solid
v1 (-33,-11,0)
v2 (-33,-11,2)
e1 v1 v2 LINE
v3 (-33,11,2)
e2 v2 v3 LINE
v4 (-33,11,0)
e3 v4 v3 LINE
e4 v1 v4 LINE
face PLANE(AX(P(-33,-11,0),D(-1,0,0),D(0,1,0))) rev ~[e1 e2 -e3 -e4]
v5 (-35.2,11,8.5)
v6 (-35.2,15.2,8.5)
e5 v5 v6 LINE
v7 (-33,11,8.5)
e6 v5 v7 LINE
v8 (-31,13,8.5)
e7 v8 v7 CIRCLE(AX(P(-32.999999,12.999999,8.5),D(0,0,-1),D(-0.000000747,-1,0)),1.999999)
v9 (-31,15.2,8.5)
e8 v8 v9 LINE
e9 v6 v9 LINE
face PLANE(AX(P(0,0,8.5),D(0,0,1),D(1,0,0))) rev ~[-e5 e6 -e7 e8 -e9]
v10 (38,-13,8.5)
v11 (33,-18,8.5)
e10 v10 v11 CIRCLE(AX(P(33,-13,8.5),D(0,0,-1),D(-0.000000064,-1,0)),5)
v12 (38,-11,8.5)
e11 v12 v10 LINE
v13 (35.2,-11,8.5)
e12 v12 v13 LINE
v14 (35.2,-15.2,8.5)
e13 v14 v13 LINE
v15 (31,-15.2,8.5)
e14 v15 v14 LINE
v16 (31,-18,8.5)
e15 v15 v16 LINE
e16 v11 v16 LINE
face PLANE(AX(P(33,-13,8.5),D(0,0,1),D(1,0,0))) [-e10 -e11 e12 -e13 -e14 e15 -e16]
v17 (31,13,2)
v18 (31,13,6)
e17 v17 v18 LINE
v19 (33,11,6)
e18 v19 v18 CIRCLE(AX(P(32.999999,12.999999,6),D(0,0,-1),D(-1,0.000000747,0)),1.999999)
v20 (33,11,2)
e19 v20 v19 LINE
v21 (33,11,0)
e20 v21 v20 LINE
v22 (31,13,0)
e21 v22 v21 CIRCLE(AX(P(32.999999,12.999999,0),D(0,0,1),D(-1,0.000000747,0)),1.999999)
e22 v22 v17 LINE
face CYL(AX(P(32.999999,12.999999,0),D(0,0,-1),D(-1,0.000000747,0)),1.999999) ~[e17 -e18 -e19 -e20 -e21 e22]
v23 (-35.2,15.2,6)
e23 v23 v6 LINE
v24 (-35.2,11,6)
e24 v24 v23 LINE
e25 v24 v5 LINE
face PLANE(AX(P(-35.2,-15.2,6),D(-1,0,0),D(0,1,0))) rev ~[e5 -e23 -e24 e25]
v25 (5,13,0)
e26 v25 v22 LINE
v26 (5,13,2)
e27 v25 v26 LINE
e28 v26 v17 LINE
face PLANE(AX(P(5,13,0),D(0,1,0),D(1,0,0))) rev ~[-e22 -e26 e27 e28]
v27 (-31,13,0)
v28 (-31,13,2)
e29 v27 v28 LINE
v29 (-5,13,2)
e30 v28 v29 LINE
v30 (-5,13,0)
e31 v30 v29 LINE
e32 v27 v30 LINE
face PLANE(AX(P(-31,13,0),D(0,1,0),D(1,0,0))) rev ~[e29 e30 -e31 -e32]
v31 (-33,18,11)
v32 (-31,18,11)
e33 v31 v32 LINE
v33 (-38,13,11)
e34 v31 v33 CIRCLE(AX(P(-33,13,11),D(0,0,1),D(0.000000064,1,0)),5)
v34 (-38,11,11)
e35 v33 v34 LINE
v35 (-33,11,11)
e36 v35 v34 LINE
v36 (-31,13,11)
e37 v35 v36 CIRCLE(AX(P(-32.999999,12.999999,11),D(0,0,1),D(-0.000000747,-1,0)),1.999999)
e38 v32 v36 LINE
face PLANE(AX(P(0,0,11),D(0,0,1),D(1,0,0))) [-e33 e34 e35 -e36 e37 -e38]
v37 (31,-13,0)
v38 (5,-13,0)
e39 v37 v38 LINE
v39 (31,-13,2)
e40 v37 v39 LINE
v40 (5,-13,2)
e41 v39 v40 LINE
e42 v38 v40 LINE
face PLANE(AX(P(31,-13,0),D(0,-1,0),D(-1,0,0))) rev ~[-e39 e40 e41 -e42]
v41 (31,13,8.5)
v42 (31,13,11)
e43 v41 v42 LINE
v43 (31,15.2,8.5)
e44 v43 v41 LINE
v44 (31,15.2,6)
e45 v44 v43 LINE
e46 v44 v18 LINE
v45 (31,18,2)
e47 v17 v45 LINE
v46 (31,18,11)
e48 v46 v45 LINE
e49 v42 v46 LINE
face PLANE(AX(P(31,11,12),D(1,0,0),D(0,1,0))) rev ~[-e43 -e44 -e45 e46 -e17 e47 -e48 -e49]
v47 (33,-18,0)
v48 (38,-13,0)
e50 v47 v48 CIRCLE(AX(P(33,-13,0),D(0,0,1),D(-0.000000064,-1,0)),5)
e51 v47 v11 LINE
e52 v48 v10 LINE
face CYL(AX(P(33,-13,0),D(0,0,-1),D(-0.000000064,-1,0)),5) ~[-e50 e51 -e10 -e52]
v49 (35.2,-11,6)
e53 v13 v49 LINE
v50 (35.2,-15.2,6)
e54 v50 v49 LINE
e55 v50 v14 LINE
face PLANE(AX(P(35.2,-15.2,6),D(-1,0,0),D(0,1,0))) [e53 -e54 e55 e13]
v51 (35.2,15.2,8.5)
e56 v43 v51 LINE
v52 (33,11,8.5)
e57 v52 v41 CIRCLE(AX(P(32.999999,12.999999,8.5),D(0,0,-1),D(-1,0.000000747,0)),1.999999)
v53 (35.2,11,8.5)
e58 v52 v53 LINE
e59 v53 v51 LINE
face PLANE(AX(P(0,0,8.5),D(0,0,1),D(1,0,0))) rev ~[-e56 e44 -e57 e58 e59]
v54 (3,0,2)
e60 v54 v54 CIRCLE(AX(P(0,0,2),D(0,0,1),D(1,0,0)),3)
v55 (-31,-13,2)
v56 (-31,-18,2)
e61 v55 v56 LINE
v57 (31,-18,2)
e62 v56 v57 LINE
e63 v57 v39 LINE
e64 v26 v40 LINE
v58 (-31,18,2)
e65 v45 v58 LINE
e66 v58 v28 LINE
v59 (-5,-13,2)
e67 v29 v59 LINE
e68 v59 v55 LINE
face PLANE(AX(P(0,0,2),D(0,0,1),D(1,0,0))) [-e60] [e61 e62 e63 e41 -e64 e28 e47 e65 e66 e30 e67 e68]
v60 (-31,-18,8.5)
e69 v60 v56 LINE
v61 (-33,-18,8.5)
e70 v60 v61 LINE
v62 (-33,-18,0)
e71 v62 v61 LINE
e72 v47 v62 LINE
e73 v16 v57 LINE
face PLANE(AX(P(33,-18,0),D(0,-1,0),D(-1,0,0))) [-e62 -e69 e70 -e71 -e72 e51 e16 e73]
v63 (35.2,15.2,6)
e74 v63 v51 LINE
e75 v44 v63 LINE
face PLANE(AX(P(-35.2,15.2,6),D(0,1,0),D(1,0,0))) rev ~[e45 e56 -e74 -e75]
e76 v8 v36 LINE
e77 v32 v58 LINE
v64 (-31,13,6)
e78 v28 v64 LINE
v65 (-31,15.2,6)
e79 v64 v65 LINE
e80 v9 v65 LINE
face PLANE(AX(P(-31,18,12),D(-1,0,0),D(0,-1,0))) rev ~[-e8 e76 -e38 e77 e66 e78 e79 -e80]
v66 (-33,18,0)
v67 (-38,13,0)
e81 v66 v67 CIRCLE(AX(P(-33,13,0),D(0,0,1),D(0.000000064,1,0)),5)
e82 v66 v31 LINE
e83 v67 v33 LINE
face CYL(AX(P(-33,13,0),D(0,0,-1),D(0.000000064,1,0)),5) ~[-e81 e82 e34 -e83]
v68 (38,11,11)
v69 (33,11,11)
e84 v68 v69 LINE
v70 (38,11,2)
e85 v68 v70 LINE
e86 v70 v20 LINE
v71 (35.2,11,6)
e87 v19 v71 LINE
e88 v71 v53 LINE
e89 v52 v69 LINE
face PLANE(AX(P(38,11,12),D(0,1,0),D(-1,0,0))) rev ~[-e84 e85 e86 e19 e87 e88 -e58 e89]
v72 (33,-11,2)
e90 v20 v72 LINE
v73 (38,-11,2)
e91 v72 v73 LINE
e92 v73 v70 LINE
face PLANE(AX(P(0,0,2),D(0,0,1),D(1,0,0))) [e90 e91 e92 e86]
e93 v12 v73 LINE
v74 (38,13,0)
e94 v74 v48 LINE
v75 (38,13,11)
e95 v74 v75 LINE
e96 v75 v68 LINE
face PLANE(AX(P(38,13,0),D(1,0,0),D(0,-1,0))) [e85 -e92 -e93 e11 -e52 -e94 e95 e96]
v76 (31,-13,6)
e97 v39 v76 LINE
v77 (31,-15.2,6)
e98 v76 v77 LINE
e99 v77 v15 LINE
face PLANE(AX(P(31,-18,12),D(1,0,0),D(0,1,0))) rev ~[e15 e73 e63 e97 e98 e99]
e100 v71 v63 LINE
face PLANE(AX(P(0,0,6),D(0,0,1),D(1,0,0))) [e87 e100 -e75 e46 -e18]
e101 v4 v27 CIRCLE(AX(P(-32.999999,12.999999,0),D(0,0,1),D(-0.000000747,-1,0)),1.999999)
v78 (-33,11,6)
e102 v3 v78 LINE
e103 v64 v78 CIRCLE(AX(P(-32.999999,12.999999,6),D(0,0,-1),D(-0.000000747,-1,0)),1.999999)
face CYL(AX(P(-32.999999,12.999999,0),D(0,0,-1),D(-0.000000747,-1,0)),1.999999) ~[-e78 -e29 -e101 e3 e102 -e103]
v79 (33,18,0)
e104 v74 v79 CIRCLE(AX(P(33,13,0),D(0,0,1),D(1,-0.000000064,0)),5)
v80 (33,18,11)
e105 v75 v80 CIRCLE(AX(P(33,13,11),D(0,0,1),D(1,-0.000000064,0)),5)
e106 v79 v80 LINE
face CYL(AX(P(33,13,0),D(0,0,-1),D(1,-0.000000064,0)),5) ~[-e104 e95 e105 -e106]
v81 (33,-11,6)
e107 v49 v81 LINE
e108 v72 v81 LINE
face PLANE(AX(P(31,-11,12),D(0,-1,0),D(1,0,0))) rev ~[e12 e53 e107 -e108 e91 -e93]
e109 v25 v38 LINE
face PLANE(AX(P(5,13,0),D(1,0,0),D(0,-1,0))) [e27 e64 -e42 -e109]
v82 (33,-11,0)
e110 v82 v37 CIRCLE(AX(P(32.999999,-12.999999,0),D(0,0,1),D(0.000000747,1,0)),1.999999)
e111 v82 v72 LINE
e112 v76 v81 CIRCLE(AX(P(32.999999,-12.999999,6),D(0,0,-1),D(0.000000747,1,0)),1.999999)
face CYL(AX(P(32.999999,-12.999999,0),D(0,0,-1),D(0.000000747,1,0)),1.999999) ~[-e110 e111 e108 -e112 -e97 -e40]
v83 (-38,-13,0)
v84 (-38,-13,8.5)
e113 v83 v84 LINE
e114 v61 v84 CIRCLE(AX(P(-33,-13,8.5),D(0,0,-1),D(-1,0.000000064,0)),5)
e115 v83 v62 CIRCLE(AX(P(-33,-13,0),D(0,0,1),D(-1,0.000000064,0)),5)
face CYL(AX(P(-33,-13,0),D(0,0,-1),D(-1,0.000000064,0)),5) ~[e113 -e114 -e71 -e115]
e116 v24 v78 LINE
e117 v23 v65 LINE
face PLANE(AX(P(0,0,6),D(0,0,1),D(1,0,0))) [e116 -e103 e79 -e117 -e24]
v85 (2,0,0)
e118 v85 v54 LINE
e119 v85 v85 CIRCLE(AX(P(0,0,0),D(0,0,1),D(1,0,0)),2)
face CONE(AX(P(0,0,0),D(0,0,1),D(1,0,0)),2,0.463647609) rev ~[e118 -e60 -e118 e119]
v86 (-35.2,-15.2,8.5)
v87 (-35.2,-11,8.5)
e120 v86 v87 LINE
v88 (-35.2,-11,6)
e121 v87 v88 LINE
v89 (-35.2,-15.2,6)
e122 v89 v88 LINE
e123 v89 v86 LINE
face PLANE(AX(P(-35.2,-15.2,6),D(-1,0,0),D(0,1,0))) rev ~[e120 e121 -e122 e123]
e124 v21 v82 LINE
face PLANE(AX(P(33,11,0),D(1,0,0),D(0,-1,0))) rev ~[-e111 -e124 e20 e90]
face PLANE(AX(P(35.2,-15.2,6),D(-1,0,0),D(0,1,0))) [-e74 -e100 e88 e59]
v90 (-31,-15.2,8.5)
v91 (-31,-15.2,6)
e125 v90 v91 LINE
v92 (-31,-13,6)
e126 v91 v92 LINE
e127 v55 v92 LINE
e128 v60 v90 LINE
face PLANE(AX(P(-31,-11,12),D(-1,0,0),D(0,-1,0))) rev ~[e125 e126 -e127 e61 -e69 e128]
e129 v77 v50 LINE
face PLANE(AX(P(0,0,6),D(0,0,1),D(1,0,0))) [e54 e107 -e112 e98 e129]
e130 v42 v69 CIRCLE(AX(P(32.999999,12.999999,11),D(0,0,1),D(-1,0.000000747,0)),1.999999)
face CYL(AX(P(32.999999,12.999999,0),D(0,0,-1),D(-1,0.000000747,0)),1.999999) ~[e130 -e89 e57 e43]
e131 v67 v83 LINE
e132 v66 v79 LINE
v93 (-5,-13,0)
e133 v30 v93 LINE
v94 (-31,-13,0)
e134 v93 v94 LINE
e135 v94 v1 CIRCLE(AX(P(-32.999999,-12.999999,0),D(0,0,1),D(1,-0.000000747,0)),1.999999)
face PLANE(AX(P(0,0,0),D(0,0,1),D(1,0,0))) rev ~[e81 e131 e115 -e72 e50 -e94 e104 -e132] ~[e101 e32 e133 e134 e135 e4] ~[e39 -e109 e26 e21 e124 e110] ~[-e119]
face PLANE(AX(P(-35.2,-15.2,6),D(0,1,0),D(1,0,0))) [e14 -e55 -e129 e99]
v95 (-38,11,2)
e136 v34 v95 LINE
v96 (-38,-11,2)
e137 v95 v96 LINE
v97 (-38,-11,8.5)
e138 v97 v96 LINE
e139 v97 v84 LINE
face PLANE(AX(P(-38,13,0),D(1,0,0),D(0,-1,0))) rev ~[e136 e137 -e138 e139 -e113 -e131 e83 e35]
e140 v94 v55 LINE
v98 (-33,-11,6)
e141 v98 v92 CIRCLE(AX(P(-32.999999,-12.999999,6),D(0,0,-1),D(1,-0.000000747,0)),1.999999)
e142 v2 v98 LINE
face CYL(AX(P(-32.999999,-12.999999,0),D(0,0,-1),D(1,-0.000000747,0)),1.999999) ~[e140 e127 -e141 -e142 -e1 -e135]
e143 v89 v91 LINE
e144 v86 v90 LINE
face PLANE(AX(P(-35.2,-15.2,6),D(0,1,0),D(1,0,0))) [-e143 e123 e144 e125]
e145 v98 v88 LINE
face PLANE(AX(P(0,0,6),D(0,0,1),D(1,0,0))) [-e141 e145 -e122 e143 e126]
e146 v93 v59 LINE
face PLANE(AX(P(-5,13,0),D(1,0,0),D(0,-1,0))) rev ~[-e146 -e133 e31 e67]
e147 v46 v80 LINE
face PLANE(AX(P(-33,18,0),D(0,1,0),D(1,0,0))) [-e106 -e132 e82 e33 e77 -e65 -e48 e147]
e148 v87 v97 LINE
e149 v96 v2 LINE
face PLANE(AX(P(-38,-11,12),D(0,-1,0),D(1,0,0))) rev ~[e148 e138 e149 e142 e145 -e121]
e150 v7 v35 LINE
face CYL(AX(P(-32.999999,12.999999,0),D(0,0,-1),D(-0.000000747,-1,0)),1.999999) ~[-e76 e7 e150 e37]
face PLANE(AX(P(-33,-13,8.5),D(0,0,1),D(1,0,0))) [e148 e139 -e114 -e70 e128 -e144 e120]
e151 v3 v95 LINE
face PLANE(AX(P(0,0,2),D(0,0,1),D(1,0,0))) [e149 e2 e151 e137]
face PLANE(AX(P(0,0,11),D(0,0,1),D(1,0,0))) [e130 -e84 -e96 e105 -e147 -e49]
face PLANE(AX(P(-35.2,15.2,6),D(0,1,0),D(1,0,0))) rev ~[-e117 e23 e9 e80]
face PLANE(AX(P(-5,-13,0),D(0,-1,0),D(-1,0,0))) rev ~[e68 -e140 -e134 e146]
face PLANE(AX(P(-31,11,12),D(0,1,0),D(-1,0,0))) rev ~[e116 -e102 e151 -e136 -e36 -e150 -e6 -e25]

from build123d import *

# Parameters (mm, degrees)
PAD084_DEPTH    = 11
POCKET032_DEPTH = 10
SKETCH143_W     = 70.4
SKETCH143_H     = 30.4
POCKET033_DEPTH = 2.5
SKETCH144_R     = 5.5
POCKET034_DEPTH = 2.5


with BuildPart() as part:
    # Sketch141 → Pad084 (new body)
    with BuildSketch(Plane.XY):
        with BuildLine():
            ThreePointArc((-33, 18), (-36.535534, 16.535534), (-38, 13))
            Line((-38, 13), (-38, -13))
            ThreePointArc((-38, -13), (-36.535534, -16.535534), (-33, -18))
            Line((33, -18), (-33, -18))
            ThreePointArc((33, -18), (36.535534, -16.535534), (38, -13))
            Line((38, 13), (38, -13))
            ThreePointArc((38, 13), (36.535534, 16.535534), (33, 18))
            Line((-33, 18), (33, 18))
        make_face()
        with BuildLine():
            ThreePointArc((-33, 11), (-31.585786, 11.585786), (-31, 13))
            Line((-31, 13), (-5, 13))
            Line((-5, 13), (-5, -13))
            Line((-5, -13), (-31, -13))
            ThreePointArc((-31, -13), (-31.585786, -11.585786), (-33, -11))
            Line((-33, -11), (-33, 11))
        make_face(mode=Mode.SUBTRACT)
        with BuildLine():
            ThreePointArc((31, 13), (31.585786, 11.585786), (33, 11))
            Line((33, 11), (33, -11))
            ThreePointArc((33, -11), (31.585786, -11.585786), (31, -13))
            Line((31, -13), (5, -13))
            Line((5, 13), (5, -13))
            Line((5, 13), (31, 13))
        make_face(mode=Mode.SUBTRACT)
    extrude(amount=PAD084_DEPTH)

    # Sketch142 → Pocket032 (cut)
    with BuildSketch(Plane.XY.offset(12)):
        Polygon((-31, 18), (-31, 11), (-38, 11), (-38, -11), (-31, -11), (-31, -18), (31, -18), (31, -11), (38, -11), (38, 11), (31, 11), (31, 18), align=None)
    extrude(amount=-POCKET032_DEPTH, mode=Mode.SUBTRACT)

    # Sketch143 → Pocket033 (cut)
    with BuildSketch(Plane.XY.offset(6)):
        Rectangle(SKETCH143_W, SKETCH143_H)
    extrude(amount=POCKET033_DEPTH, mode=Mode.SUBTRACT)

    # Sketch144 → Pocket034 (cut)
    with BuildSketch(Plane.XY.offset(11)):
        with Locations((-33, -13)):
            Circle(SKETCH144_R)
        with Locations((33, -13)):
            Circle(SKETCH144_R)
    extrude(amount=-POCKET034_DEPTH, mode=Mode.SUBTRACT)

    # Cone008 → Cone008 (revolve, cut)
    with BuildSketch(Plane.XZ):
        Polygon((0, 0), (2, 0), (3, 2), (0, 2), align=None)
    revolve(axis=Axis((0, 0, 0), (0, 0, 1)), mode=Mode.SUBTRACT)


solid = part.part
